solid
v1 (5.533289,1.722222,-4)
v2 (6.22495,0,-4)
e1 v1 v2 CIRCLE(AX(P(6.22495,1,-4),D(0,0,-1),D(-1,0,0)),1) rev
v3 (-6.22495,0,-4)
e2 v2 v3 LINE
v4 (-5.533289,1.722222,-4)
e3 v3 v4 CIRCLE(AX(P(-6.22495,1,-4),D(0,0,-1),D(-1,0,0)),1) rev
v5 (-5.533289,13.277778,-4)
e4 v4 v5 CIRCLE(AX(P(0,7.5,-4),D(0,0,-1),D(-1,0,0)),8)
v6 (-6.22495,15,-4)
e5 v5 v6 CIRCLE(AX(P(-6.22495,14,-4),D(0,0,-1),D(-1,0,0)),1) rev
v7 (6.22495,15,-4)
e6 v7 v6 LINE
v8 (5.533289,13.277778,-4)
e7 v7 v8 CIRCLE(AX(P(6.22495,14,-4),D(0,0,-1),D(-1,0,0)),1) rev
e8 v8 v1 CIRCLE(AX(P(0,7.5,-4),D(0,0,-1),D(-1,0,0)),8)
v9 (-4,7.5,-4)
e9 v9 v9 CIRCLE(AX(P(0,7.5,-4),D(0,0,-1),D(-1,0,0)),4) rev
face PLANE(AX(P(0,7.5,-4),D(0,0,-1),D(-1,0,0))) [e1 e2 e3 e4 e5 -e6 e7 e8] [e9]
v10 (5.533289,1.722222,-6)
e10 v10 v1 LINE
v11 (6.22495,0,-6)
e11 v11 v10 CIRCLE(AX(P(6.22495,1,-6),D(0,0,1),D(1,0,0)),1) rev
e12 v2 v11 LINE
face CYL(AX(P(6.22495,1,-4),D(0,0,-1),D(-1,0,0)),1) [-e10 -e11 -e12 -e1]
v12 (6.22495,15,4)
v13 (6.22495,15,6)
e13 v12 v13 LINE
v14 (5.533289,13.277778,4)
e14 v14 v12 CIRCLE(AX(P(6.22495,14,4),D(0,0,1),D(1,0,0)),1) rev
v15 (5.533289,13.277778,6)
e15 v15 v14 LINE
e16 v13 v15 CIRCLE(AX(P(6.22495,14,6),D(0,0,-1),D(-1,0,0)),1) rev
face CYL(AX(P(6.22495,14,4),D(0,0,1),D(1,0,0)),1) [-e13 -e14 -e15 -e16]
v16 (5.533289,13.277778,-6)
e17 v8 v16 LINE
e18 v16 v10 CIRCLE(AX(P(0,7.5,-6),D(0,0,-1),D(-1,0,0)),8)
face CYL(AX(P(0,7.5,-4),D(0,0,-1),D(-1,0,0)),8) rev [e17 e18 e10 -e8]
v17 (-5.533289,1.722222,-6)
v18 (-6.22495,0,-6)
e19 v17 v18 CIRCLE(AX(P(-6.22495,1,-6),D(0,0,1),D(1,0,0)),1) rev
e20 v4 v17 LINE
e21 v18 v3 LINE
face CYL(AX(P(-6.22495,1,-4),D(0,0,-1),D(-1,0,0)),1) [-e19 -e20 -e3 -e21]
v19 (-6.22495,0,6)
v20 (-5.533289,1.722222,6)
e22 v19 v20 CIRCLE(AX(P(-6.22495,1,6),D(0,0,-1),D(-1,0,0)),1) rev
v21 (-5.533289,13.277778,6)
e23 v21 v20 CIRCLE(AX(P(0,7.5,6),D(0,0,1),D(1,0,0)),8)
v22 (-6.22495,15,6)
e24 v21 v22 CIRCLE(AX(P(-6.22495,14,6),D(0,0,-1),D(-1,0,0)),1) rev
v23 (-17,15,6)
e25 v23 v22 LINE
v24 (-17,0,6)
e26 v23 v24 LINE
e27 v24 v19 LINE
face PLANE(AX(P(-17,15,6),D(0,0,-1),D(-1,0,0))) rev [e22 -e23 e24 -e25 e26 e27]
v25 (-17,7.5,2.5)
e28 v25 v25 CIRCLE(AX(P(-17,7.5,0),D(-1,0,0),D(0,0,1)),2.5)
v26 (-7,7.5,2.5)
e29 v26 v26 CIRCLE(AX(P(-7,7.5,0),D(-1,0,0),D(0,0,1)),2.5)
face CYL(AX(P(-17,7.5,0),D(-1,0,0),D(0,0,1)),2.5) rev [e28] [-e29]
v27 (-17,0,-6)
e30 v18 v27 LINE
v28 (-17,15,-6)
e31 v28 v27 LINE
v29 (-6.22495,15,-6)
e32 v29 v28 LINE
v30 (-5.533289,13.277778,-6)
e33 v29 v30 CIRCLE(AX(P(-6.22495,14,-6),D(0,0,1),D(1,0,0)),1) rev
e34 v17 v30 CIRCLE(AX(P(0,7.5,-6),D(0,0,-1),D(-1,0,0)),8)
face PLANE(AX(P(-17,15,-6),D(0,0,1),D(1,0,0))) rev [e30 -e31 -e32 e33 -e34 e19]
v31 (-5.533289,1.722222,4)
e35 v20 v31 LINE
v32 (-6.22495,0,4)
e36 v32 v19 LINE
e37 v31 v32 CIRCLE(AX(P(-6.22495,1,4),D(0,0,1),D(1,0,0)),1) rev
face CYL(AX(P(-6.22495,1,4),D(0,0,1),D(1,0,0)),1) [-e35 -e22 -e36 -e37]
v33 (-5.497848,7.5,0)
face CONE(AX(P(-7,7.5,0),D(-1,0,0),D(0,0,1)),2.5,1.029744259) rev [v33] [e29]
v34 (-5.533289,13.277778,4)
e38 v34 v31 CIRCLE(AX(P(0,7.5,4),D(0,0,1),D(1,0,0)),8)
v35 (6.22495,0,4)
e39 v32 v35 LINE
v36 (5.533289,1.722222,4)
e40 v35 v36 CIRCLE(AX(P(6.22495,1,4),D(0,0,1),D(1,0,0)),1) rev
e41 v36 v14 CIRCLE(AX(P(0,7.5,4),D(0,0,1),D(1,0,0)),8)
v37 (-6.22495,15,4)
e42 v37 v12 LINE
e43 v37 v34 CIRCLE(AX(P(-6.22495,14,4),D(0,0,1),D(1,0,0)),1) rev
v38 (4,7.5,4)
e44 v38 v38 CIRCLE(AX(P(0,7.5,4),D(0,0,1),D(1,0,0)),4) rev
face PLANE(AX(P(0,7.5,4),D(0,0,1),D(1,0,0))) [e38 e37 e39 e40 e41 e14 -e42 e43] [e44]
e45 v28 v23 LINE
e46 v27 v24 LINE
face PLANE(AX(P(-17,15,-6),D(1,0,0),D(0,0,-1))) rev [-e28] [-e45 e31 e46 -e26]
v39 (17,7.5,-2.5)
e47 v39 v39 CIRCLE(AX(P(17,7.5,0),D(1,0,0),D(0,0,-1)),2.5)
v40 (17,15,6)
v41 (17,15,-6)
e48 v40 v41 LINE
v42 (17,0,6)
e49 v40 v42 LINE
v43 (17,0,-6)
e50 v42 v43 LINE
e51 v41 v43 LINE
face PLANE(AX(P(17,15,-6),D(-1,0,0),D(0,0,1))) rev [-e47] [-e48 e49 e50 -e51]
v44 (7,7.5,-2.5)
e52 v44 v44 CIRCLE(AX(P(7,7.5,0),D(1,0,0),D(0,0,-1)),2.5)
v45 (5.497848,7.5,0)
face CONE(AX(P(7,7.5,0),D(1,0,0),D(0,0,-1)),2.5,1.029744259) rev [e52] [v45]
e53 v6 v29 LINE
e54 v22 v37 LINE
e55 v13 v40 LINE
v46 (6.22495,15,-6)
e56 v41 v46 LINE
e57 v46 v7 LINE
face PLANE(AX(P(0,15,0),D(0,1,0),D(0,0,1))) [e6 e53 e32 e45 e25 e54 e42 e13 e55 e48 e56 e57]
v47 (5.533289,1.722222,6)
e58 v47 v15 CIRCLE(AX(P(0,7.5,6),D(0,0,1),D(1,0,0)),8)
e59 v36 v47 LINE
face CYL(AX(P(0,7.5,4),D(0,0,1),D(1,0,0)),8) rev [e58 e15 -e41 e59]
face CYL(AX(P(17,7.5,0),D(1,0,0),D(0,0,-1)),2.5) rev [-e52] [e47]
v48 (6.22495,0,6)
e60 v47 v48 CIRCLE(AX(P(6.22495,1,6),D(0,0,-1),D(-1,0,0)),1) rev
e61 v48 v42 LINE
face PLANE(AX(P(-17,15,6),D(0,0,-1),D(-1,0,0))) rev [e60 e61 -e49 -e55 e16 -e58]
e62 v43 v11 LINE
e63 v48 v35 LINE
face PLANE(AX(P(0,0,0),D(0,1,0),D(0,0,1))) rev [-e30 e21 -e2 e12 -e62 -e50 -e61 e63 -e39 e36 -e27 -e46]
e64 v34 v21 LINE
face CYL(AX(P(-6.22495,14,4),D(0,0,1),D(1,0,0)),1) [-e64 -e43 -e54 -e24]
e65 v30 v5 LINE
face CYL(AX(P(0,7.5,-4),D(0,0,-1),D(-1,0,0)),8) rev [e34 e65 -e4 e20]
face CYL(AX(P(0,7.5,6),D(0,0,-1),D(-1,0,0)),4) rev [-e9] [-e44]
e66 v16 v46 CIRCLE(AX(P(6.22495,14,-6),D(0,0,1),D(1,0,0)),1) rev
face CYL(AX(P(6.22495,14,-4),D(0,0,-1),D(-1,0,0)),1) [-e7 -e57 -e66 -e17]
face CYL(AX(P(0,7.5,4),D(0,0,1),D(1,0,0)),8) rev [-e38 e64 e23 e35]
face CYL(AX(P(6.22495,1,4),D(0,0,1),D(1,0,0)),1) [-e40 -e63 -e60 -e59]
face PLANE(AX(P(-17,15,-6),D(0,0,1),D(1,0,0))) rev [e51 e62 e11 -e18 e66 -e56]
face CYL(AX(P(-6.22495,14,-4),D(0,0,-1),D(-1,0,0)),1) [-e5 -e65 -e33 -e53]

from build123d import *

# Parameters (mm, degrees)
SKETCH_1_W          = 34
SKETCH_1_H          = 12
EXTRUDE_1_DEPTH     = 15
SKETCH_2_R          = 4
CUT_EXTRUDE_1_DEPTH = 26.651510677
M6X1_0_2_D          = 5
M6X1_0_2_DEPTH      = 10
M6X1_0_2_TIP        = 1.502151548
M6X1_0_1_D          = 5
M6X1_0_1_DEPTH      = 10
M6X1_0_1_TIP        = 1.502151548
SKETCH_11_R         = 8
CUT_EXTRUDE_2_DEPTH = 2
CUT_EXTRUDE_START   = -2
SKETCH_12_R         = 8
CUT_EXTRUDE_3_DEPTH = 2
FILLET_1_R          = 1


with BuildPart() as part:
    # 草图1 → 凸台-拉伸1 (new body)
    with BuildSketch(Plane(origin=(0, 0, 0), x_dir=(1, 0, 0), z_dir=(0, 1, 0))):
        Rectangle(SKETCH_1_W, SKETCH_1_H)
    extrude(amount=EXTRUDE_1_DEPTH)

    # 草图2 → 切除-拉伸1 (cut, through all)
    with BuildSketch(Plane(origin=(0, 0, -6), x_dir=(-1, 0, 0), z_dir=(0, 0, -1))):
        with Locations((0, 7.5)):
            Circle(SKETCH_2_R)
    extrude(amount=-CUT_EXTRUDE_1_DEPTH, mode=Mode.SUBTRACT)

    # M6x1.0 螺纹孔2
    with Locations(Plane.ZY.offset(17)):
        with Locations((0, 7.5)):
            Hole(M6X1_0_2_D / 2, depth=M6X1_0_2_DEPTH)
            with Locations((0, 0, -(M6X1_0_2_DEPTH + M6X1_0_2_TIP / 2))):  # 118° drill point
                Cone(0, M6X1_0_2_D / 2, M6X1_0_2_TIP, mode=Mode.SUBTRACT)

    # M6x1.0 螺纹孔1
    with Locations(Plane(origin=(17, 0, 0), x_dir=(0, 0, -1), z_dir=(1, 0, 0))):
        with Locations((0, 7.5)):
            Hole(M6X1_0_1_D / 2, depth=M6X1_0_1_DEPTH)
            with Locations((0, 0, -(M6X1_0_1_DEPTH + M6X1_0_1_TIP / 2))):  # 118° drill point
                Cone(0, M6X1_0_1_D / 2, M6X1_0_1_TIP, mode=Mode.SUBTRACT)

    # 草图11 → 切除-拉伸2 (cut)
    with BuildSketch(Plane.XY.offset(6)):
        with Locations((0, 7.5)):
            Circle(SKETCH_11_R)
    extrude(amount=-CUT_EXTRUDE_2_DEPTH, mode=Mode.SUBTRACT)

    # 草图12 → 切除-拉伸3 (cut)
    with BuildSketch(Plane(origin=(0, 0, -6), x_dir=(-1, 0, 0), z_dir=(0, 0, -1)).offset(CUT_EXTRUDE_START)):
        with Locations((0, 7.5)):
            Circle(SKETCH_12_R)
    extrude(amount=CUT_EXTRUDE_3_DEPTH, mode=Mode.SUBTRACT)

    # 圆角1
    fillet_1_edges = [part.edges().sort_by_distance(p)[0] for p in [
        (2.783882181, 0, 5),
        (-2.783882181, 0, 5),
        (-2.783882181, 15, 5),
        (2.783882181, 15, 5),
        (-2.783882181, 0, -5),
        (2.783882181, 0, -5),
        (2.783882181, 15, -5),
        (-2.783882181, 15, -5),
    ]]
    fillet(fillet_1_edges, radius=FILLET_1_R)


solid = part.part
